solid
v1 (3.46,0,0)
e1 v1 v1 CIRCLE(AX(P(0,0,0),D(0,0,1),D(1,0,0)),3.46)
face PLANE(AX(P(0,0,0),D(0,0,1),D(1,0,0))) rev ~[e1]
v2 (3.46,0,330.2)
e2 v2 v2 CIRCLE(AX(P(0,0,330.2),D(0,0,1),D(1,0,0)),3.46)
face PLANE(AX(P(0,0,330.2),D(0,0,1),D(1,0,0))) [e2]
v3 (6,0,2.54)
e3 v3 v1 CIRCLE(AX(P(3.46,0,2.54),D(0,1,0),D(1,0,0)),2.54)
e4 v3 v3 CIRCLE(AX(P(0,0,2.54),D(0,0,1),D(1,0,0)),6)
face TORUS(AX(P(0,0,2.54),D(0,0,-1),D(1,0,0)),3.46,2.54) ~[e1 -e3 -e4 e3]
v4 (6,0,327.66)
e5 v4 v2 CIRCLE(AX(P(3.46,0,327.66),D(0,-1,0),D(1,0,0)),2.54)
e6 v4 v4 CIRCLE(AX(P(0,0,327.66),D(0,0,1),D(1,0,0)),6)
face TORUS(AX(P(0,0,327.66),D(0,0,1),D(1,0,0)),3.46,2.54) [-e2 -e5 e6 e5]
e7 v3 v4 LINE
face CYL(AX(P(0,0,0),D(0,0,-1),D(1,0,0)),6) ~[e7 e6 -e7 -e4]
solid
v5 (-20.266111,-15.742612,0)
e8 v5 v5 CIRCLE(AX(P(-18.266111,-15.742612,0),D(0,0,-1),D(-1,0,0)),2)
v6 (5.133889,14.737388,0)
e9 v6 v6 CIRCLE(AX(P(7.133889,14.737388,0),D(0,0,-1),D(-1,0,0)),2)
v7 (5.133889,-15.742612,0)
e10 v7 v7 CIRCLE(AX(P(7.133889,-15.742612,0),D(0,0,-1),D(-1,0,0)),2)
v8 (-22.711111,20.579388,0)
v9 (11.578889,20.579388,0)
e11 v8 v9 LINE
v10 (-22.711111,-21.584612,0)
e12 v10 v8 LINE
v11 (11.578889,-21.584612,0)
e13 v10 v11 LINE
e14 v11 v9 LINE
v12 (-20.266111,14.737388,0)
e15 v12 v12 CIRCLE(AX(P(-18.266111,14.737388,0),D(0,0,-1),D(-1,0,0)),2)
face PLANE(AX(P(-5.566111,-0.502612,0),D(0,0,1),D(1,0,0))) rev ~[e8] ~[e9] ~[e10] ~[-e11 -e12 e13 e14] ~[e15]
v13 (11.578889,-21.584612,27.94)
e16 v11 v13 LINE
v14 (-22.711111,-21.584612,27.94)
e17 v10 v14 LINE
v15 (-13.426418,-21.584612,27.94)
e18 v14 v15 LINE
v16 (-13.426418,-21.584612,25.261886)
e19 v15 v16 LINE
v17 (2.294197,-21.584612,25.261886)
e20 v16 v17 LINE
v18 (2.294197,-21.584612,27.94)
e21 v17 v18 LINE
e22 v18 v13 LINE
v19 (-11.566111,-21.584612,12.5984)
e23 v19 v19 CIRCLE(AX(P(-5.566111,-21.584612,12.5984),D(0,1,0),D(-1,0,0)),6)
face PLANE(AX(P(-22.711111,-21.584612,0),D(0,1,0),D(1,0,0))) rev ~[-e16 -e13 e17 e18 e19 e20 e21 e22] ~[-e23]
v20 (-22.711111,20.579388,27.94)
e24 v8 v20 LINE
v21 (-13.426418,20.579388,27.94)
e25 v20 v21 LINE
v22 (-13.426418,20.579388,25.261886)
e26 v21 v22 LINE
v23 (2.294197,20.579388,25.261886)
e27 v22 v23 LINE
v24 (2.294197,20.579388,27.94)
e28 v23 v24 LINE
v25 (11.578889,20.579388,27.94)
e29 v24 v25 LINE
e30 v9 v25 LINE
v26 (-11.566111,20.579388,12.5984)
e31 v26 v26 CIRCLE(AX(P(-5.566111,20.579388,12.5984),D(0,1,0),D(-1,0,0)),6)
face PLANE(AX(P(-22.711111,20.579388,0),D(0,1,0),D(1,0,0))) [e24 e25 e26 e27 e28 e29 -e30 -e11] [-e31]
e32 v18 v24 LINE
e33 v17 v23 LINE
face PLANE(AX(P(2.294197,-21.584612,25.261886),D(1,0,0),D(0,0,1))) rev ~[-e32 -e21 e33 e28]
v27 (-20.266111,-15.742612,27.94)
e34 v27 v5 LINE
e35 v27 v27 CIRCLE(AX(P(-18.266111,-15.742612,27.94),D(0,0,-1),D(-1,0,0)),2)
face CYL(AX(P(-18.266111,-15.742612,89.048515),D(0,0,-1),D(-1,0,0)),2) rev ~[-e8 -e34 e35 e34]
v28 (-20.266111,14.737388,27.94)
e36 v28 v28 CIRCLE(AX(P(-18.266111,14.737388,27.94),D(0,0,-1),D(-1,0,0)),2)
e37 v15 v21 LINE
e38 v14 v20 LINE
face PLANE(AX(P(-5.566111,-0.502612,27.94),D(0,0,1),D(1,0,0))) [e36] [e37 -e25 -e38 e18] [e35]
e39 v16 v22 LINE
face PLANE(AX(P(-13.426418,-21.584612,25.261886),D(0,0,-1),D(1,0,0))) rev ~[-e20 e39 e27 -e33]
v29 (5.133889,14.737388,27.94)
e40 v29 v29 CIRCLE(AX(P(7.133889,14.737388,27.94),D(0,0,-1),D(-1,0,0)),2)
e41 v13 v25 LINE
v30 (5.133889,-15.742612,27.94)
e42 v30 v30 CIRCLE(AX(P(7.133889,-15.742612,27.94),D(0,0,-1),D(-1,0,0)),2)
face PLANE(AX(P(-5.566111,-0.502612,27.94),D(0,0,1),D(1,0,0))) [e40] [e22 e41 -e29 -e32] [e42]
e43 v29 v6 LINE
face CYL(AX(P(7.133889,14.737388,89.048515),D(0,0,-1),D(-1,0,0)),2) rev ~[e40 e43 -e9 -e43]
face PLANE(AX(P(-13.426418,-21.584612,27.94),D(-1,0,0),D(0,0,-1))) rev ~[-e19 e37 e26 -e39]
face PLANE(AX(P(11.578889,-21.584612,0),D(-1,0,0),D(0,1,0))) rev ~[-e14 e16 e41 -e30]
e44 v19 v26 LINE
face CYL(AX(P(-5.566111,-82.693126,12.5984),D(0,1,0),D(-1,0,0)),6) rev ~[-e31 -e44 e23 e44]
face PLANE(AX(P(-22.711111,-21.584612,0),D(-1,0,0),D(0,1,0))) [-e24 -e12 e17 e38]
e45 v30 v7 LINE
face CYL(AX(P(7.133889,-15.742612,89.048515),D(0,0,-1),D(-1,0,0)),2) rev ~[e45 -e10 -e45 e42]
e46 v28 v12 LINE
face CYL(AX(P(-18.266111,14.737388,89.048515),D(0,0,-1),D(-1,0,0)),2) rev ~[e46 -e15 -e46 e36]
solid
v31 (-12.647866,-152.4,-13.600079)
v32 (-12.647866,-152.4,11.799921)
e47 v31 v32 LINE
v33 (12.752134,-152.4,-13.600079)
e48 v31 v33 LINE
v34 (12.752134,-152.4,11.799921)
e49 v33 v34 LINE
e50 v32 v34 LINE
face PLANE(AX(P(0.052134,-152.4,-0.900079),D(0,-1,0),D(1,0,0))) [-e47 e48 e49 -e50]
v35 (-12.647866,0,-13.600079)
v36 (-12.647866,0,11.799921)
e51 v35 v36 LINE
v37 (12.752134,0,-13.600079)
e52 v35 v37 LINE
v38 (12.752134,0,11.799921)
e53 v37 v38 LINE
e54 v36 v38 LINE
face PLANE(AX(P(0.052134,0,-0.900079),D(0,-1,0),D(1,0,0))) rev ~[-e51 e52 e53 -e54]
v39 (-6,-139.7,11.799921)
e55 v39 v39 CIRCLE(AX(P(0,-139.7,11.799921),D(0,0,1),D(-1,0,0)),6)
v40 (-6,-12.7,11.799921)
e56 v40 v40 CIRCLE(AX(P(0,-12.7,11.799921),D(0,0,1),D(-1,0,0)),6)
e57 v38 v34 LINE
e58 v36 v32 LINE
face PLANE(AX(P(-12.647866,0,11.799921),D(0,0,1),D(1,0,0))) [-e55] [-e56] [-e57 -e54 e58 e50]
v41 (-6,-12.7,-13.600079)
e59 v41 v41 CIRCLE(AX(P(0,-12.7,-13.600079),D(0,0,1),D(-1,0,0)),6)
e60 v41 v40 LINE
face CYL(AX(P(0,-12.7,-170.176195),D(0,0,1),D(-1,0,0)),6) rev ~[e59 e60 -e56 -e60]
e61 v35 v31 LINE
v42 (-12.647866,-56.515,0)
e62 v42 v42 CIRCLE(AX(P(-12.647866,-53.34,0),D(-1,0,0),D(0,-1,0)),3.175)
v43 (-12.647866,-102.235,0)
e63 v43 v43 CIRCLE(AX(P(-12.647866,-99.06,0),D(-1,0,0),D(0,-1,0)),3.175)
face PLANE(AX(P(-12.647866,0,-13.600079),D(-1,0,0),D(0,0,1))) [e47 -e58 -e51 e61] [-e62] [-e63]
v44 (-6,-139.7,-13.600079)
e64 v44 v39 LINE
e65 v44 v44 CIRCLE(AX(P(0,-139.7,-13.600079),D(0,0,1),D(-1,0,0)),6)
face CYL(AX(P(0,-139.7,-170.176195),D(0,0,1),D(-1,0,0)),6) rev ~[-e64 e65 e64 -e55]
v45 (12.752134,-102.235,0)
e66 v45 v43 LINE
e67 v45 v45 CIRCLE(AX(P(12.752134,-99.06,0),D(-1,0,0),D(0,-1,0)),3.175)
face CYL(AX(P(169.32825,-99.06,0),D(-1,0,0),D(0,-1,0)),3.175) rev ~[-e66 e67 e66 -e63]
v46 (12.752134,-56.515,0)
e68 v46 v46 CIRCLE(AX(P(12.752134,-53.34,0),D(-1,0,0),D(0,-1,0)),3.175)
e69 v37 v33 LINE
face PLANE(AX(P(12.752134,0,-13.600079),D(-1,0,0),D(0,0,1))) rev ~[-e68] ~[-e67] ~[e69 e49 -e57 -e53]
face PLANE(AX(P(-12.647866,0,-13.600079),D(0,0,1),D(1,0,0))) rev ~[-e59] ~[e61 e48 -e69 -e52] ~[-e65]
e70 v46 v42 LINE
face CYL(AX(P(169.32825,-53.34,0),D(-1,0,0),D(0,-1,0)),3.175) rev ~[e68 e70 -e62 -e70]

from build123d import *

# Parameters (mm, degrees)
F0_R      = 6
F1_DEPTH  = 330.2
F2_R      = 2.54
F3_W      = 25.4
F3_H      = 25.4
F4_DEPTH  = 152.4
F6_D      = 12
F8_D      = 6.35
F9_W      = 34.29
F9_H      = 42.164
F10_DEPTH = 27.94
F12_D     = 4
F14_D     = 12
F15_DEPTH = 42.164


with BuildPart() as f1:
    # F0 (on Top) → F1 (new body)
    with BuildSketch(Plane.XY):
        Circle(F0_R)
    extrude(amount=F1_DEPTH)

    # F2
    f2_edges = [f1.edges().sort_by_distance(p)[0] for p in [
        (-6, 0, 330.2),
        (-6, 0, 0),
    ]]
    fillet(f2_edges, radius=F2_R)


with BuildPart() as f4:
    # F3 (on Front) → F4 (new body)
    with BuildSketch(Plane.XZ):
        with Locations((0.0521343541, -0.9000794962)):
            Rectangle(F3_W, F3_H)
    extrude(amount=F4_DEPTH)

    # F6 (through all)
    with Locations(Plane(origin=(0, 0, -13.6000794962), x_dir=(1, 0, 0), z_dir=(0, 0, -1))):
        with Locations((0, 139.7), (0, 12.7)):
            Hole(F6_D / 2)

    # F8 (through all)
    with Locations(Plane.YZ.offset(12.7521343541)):
        with Locations((-99.06, 0), (-53.34, 0)):
            Hole(F8_D / 2)


with BuildPart() as f10:
    # F9 (on Top) → F10 (new body)
    with BuildSketch(Plane.XY):
        with Locations((-5.5661106151, -0.5026115105)):
            Rectangle(F9_W, F9_H)
    extrude(amount=F10_DEPTH)

    # F12 (through all)
    with Locations(Plane.XY.offset(27.94)):
        with Locations((-18.2661106151, 14.7373884895), (-18.2661106151, -15.7426115105), (7.1338893849, -15.7426115105), (7.1338893849, 14.7373884895)):
            Hole(F12_D / 2)

    # F14 (through all)
    with Locations(Plane.XZ.offset(21.5846115105)):
        with Locations((-5.5661106151, 12.5984)):
            Hole(F14_D / 2)

    # F13 (on face) → F15 (cut, through all)
    with BuildSketch(Plane.XZ.offset(21.5846115105)):
        Polygon((2.294197186, 27.94), (-5.5661106151, 27.94), (-13.4264184162, 27.94), (-13.4264184162, 25.2618864179), (-5.5661106151, 25.2618864179), (2.294197186, 25.2618864179), align=None)
    extrude(amount=-F15_DEPTH, mode=Mode.SUBTRACT)


solid = Compound([f1.part, f4.part, f10.part])
